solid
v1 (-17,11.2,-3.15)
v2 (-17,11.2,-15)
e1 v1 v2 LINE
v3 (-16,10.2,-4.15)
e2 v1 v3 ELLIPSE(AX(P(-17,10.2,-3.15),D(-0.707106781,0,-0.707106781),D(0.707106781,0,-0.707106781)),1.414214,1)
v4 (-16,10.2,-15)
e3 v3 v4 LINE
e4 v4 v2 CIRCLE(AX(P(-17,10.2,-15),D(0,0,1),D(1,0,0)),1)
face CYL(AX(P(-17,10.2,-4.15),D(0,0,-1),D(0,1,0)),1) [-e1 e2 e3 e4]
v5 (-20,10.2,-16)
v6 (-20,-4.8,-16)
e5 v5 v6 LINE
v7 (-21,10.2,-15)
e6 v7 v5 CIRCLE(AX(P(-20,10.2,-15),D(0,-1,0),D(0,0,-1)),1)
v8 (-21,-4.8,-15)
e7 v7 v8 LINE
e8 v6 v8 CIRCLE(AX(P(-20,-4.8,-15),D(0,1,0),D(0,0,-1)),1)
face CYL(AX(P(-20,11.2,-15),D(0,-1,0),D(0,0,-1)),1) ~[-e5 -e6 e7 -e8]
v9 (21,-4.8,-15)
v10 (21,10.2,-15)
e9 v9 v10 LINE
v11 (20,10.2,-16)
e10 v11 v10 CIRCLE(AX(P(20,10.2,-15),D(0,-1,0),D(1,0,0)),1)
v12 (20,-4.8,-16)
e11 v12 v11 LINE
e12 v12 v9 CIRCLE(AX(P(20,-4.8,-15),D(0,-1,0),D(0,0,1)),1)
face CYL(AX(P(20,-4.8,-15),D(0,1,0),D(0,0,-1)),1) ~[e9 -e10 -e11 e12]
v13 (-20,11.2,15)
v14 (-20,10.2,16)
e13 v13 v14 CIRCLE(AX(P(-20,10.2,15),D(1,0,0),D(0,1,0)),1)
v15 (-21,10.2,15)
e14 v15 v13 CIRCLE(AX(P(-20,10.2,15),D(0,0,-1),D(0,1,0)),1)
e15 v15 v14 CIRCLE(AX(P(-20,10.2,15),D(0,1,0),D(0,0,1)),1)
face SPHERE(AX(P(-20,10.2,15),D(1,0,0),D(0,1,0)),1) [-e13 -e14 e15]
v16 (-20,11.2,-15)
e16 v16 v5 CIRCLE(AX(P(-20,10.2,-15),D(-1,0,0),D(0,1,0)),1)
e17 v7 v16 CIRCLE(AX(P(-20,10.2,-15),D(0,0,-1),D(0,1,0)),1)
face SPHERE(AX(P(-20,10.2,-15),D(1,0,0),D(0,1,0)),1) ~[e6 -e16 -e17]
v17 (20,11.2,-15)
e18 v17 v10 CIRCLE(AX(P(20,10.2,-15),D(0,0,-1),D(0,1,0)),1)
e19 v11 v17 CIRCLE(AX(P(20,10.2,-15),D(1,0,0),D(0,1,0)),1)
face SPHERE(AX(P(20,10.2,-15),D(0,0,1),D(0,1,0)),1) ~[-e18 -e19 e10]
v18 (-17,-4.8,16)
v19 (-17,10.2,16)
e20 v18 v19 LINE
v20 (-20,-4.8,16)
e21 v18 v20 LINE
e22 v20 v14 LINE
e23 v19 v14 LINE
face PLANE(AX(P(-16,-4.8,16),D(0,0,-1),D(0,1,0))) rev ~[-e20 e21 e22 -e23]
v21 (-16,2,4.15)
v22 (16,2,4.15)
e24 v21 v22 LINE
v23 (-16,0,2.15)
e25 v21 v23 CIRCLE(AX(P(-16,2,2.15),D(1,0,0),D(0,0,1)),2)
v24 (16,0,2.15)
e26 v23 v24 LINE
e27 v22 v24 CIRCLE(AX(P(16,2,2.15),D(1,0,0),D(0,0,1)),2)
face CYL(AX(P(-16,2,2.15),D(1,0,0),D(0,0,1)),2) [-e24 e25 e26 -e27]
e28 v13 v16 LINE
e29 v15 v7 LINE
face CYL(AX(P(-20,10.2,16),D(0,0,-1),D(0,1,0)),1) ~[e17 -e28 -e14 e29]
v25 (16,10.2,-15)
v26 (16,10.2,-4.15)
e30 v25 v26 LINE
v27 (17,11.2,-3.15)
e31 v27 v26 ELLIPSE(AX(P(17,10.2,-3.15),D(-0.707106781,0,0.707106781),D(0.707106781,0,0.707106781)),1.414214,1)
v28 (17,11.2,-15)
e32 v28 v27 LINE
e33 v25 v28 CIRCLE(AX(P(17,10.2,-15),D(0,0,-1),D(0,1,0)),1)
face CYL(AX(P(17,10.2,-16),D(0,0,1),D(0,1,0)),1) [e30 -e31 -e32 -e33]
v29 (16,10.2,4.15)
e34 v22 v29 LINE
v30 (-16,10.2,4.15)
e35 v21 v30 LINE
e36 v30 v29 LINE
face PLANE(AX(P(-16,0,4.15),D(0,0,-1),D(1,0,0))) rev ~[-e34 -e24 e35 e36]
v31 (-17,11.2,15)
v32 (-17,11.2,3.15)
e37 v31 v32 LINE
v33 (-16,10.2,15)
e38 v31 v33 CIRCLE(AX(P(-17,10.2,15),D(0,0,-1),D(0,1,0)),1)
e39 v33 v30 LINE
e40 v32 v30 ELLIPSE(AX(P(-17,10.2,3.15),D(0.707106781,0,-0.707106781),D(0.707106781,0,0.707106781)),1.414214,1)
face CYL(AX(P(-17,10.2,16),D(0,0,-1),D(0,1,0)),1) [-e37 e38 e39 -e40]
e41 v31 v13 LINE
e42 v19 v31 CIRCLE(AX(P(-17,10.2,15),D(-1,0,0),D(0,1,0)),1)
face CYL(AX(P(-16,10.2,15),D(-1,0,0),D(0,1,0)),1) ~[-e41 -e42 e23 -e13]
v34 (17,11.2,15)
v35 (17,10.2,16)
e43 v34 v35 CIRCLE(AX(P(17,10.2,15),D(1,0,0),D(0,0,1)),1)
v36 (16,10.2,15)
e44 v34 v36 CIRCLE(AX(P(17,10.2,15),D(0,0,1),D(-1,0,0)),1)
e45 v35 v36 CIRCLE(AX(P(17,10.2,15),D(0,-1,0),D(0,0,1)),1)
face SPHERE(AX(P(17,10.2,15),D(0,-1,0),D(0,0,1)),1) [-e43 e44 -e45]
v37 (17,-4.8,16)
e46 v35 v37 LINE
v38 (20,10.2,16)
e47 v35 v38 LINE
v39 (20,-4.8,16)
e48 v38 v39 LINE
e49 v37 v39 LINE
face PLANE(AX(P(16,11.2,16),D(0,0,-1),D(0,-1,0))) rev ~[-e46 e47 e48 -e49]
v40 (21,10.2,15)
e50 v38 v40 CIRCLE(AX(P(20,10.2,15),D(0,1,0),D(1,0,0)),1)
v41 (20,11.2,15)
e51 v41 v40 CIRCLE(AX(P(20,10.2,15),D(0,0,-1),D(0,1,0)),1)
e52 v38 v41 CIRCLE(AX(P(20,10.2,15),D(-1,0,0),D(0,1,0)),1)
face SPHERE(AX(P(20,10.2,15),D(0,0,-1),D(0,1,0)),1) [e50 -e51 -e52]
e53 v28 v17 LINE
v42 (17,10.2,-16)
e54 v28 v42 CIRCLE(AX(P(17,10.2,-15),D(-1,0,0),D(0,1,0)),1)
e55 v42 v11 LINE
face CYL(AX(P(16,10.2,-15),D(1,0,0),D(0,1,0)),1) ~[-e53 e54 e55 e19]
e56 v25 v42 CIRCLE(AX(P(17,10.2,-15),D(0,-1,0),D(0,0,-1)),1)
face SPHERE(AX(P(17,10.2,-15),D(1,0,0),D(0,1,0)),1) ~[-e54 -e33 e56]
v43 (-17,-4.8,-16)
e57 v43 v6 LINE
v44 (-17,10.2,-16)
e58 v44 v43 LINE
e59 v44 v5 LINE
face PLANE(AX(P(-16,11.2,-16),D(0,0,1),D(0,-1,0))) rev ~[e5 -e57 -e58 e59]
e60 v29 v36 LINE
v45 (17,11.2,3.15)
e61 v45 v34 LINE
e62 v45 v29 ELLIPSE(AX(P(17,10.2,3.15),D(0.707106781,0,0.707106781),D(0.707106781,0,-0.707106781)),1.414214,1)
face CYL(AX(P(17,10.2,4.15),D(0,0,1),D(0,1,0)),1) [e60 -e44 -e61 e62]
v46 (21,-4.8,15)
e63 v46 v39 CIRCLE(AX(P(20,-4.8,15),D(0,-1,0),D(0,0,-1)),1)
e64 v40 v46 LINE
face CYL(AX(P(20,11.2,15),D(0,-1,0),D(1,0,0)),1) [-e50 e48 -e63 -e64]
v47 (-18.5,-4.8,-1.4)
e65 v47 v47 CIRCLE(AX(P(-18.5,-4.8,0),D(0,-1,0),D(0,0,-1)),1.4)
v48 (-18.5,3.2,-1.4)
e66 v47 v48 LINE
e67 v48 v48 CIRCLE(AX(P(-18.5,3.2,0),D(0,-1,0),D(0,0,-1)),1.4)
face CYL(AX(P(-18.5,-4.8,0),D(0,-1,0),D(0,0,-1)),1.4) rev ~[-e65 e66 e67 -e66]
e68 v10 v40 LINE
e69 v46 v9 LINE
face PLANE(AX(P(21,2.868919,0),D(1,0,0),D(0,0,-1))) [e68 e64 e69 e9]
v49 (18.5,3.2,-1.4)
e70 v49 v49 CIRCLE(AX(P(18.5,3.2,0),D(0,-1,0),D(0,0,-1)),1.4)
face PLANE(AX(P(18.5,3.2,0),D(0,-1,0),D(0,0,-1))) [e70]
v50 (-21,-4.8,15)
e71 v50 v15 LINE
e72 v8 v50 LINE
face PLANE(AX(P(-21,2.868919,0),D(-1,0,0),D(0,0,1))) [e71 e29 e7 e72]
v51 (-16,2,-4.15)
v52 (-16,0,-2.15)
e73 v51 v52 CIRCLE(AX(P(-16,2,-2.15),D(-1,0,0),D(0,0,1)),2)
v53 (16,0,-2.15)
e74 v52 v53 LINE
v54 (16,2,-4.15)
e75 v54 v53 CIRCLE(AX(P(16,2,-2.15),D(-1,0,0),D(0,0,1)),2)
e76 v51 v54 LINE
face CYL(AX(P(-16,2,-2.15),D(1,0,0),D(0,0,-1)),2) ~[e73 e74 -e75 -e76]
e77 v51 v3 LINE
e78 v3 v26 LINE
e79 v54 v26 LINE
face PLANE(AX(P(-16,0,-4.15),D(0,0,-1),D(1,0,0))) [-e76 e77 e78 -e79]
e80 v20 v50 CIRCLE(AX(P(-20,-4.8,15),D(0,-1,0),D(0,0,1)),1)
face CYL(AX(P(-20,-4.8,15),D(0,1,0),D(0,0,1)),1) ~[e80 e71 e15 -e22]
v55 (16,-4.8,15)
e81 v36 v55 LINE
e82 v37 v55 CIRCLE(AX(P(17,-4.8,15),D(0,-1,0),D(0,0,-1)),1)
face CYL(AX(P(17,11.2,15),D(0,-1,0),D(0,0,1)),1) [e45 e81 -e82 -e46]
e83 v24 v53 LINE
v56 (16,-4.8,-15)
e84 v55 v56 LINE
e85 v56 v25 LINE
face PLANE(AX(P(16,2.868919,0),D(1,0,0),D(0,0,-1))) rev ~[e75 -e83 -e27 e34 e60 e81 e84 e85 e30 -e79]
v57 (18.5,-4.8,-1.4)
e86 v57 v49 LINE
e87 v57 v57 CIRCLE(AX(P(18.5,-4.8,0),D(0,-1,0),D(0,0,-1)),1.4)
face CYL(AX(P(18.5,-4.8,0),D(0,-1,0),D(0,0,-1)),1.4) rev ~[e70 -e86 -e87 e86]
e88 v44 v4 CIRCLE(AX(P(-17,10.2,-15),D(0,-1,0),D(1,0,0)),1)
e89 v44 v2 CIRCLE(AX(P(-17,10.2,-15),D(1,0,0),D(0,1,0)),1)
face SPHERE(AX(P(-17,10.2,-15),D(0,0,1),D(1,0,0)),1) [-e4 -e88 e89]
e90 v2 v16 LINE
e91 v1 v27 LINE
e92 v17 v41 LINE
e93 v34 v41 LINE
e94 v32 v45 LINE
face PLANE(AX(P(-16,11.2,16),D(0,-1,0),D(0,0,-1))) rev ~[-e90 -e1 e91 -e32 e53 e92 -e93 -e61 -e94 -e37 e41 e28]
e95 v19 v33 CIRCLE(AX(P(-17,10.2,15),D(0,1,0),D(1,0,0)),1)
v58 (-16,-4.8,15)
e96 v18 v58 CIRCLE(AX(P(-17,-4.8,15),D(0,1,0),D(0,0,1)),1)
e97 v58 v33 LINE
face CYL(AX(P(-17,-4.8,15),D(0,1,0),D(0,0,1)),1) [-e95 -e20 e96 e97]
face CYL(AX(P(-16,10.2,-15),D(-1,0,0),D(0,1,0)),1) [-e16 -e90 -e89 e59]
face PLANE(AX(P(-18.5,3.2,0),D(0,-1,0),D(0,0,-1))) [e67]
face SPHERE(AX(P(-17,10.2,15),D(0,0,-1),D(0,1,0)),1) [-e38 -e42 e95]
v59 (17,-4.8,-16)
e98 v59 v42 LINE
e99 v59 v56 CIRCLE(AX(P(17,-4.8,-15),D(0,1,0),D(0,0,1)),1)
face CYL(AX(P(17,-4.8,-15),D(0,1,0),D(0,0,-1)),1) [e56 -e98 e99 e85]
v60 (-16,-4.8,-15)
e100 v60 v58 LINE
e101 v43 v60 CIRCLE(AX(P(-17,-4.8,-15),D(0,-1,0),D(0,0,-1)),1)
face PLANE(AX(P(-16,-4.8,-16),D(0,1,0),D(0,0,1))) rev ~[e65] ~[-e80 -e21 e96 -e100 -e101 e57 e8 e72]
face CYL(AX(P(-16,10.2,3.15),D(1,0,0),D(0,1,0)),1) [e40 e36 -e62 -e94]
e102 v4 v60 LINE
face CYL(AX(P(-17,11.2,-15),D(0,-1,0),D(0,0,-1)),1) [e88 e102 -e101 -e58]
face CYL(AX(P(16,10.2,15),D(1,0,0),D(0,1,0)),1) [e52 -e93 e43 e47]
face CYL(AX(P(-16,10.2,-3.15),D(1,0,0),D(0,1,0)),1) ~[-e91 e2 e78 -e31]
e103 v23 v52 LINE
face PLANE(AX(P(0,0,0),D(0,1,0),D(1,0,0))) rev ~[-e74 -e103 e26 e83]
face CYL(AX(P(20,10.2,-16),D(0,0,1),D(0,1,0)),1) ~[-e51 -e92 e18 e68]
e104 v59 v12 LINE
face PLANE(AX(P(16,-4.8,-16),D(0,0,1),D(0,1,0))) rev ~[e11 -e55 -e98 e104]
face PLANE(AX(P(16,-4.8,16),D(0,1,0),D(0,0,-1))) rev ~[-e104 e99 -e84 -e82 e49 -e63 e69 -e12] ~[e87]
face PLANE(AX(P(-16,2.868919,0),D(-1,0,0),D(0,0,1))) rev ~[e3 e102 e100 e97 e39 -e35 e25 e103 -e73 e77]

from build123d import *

# Parameters (mm, degrees)
SKETCH1_W           = 32
SKETCH1_H           = 8.3
BOSS_EXTRUDE1_DEPTH = 11.2
SKETCH2_W           = 8.3
SKETCH2_H           = 11.2
BOSS_EXTRUDE2_DEPTH = 5
SKETCH3_W           = 8.3
SKETCH3_H           = 11.2
BOSS_EXTRUDE3_DEPTH = 5
FILLET1_R           = 1
FILLET2_R           = 2
SKETCH4_R           = 1.4
CUT_EXTRUDE1_DEPTH  = 8


with BuildPart() as part:
    # Sketch1 → Boss-Extrude1 (new body)
    with BuildSketch(Plane(origin=(0, 0, 0), x_dir=(1, 0, 0), z_dir=(0, 1, 0))):
        Rectangle(SKETCH1_W, SKETCH1_H)
    extrude(amount=BOSS_EXTRUDE1_DEPTH)

    # Sketch2 → Boss-Extrude2 (add)
    with BuildSketch(Plane(origin=(16, 0, 0), x_dir=(0, 0, -1), z_dir=(1, 0, 0))):
        Polygon((-4.15, 11.2), (-16, 11.2), (-16, -4.8), (16, -4.8), (16, 11.2), (4.15, 11.2), (4.15, 0), (-4.15, 0), align=None)
        with Locations((0, 5.6)):
            Rectangle(SKETCH2_W, SKETCH2_H)
    extrude(amount=BOSS_EXTRUDE2_DEPTH)

    # Sketch3 → Boss-Extrude3 (add)
    with BuildSketch(Plane.ZY.offset(16)):
        Polygon((16, 11.2), (4.15, 11.2), (4.15, 0), (-4.15, 0), (-4.15, 11.2), (-16, 11.2), (-16, -4.8), (16, -4.8), align=None)
        with Locations((0, 5.6)):
            Rectangle(SKETCH3_W, SKETCH3_H)
    extrude(amount=BOSS_EXTRUDE3_DEPTH)

    # Fillet1
    fillet1_edges = [part.edges().sort_by_distance(p)[0] for p in [
        (21, 11.2, 0),
        (18.5, 11.2, -16),
        (16, 3.2, 16),
        (18.5, 11.2, 16),
        (21, 3.2, -16),
        (21, 3.2, 16),
        (16, 11.2, -10.075),
        (0, 11.2, 4.15),
        (16, 3.2, -16),
        (16, 11.2, 10.075),
        (-16, 11.2, 10.075),
        (-16, 11.2, -10.075),
        (-18.5, 11.2, 16),
        (-16, 3.2, -16),
        (-18.5, 11.2, -16),
        (-16, 3.2, 16),
        (-21, 11.2, 0),
        (-21, 3.2, -16),
        (-21, 3.2, 16),
        (0, 11.2, -4.15),
    ]]
    fillet(fillet1_edges, radius=FILLET1_R)

    # Fillet2
    fillet2_edges = [part.edges().sort_by_distance(p)[0] for p in [
        (0, 0, 4.15),
        (0, 0, -4.15),
    ]]
    fillet(fillet2_edges, radius=FILLET2_R)

    # Sketch4 → Cut-Extrude1 (cut)
    with BuildSketch(Plane.XZ.offset(4.8)):
        with Locations(Location((-18.5, 0, 0), (0, 0, 270))):
            Circle(SKETCH4_R)
        with Locations(Location((18.5, 0, 0), (0, 0, 270))):
            Circle(SKETCH4_R)
    extrude(amount=-CUT_EXTRUDE1_DEPTH, mode=Mode.SUBTRACT)


solid = part.part
